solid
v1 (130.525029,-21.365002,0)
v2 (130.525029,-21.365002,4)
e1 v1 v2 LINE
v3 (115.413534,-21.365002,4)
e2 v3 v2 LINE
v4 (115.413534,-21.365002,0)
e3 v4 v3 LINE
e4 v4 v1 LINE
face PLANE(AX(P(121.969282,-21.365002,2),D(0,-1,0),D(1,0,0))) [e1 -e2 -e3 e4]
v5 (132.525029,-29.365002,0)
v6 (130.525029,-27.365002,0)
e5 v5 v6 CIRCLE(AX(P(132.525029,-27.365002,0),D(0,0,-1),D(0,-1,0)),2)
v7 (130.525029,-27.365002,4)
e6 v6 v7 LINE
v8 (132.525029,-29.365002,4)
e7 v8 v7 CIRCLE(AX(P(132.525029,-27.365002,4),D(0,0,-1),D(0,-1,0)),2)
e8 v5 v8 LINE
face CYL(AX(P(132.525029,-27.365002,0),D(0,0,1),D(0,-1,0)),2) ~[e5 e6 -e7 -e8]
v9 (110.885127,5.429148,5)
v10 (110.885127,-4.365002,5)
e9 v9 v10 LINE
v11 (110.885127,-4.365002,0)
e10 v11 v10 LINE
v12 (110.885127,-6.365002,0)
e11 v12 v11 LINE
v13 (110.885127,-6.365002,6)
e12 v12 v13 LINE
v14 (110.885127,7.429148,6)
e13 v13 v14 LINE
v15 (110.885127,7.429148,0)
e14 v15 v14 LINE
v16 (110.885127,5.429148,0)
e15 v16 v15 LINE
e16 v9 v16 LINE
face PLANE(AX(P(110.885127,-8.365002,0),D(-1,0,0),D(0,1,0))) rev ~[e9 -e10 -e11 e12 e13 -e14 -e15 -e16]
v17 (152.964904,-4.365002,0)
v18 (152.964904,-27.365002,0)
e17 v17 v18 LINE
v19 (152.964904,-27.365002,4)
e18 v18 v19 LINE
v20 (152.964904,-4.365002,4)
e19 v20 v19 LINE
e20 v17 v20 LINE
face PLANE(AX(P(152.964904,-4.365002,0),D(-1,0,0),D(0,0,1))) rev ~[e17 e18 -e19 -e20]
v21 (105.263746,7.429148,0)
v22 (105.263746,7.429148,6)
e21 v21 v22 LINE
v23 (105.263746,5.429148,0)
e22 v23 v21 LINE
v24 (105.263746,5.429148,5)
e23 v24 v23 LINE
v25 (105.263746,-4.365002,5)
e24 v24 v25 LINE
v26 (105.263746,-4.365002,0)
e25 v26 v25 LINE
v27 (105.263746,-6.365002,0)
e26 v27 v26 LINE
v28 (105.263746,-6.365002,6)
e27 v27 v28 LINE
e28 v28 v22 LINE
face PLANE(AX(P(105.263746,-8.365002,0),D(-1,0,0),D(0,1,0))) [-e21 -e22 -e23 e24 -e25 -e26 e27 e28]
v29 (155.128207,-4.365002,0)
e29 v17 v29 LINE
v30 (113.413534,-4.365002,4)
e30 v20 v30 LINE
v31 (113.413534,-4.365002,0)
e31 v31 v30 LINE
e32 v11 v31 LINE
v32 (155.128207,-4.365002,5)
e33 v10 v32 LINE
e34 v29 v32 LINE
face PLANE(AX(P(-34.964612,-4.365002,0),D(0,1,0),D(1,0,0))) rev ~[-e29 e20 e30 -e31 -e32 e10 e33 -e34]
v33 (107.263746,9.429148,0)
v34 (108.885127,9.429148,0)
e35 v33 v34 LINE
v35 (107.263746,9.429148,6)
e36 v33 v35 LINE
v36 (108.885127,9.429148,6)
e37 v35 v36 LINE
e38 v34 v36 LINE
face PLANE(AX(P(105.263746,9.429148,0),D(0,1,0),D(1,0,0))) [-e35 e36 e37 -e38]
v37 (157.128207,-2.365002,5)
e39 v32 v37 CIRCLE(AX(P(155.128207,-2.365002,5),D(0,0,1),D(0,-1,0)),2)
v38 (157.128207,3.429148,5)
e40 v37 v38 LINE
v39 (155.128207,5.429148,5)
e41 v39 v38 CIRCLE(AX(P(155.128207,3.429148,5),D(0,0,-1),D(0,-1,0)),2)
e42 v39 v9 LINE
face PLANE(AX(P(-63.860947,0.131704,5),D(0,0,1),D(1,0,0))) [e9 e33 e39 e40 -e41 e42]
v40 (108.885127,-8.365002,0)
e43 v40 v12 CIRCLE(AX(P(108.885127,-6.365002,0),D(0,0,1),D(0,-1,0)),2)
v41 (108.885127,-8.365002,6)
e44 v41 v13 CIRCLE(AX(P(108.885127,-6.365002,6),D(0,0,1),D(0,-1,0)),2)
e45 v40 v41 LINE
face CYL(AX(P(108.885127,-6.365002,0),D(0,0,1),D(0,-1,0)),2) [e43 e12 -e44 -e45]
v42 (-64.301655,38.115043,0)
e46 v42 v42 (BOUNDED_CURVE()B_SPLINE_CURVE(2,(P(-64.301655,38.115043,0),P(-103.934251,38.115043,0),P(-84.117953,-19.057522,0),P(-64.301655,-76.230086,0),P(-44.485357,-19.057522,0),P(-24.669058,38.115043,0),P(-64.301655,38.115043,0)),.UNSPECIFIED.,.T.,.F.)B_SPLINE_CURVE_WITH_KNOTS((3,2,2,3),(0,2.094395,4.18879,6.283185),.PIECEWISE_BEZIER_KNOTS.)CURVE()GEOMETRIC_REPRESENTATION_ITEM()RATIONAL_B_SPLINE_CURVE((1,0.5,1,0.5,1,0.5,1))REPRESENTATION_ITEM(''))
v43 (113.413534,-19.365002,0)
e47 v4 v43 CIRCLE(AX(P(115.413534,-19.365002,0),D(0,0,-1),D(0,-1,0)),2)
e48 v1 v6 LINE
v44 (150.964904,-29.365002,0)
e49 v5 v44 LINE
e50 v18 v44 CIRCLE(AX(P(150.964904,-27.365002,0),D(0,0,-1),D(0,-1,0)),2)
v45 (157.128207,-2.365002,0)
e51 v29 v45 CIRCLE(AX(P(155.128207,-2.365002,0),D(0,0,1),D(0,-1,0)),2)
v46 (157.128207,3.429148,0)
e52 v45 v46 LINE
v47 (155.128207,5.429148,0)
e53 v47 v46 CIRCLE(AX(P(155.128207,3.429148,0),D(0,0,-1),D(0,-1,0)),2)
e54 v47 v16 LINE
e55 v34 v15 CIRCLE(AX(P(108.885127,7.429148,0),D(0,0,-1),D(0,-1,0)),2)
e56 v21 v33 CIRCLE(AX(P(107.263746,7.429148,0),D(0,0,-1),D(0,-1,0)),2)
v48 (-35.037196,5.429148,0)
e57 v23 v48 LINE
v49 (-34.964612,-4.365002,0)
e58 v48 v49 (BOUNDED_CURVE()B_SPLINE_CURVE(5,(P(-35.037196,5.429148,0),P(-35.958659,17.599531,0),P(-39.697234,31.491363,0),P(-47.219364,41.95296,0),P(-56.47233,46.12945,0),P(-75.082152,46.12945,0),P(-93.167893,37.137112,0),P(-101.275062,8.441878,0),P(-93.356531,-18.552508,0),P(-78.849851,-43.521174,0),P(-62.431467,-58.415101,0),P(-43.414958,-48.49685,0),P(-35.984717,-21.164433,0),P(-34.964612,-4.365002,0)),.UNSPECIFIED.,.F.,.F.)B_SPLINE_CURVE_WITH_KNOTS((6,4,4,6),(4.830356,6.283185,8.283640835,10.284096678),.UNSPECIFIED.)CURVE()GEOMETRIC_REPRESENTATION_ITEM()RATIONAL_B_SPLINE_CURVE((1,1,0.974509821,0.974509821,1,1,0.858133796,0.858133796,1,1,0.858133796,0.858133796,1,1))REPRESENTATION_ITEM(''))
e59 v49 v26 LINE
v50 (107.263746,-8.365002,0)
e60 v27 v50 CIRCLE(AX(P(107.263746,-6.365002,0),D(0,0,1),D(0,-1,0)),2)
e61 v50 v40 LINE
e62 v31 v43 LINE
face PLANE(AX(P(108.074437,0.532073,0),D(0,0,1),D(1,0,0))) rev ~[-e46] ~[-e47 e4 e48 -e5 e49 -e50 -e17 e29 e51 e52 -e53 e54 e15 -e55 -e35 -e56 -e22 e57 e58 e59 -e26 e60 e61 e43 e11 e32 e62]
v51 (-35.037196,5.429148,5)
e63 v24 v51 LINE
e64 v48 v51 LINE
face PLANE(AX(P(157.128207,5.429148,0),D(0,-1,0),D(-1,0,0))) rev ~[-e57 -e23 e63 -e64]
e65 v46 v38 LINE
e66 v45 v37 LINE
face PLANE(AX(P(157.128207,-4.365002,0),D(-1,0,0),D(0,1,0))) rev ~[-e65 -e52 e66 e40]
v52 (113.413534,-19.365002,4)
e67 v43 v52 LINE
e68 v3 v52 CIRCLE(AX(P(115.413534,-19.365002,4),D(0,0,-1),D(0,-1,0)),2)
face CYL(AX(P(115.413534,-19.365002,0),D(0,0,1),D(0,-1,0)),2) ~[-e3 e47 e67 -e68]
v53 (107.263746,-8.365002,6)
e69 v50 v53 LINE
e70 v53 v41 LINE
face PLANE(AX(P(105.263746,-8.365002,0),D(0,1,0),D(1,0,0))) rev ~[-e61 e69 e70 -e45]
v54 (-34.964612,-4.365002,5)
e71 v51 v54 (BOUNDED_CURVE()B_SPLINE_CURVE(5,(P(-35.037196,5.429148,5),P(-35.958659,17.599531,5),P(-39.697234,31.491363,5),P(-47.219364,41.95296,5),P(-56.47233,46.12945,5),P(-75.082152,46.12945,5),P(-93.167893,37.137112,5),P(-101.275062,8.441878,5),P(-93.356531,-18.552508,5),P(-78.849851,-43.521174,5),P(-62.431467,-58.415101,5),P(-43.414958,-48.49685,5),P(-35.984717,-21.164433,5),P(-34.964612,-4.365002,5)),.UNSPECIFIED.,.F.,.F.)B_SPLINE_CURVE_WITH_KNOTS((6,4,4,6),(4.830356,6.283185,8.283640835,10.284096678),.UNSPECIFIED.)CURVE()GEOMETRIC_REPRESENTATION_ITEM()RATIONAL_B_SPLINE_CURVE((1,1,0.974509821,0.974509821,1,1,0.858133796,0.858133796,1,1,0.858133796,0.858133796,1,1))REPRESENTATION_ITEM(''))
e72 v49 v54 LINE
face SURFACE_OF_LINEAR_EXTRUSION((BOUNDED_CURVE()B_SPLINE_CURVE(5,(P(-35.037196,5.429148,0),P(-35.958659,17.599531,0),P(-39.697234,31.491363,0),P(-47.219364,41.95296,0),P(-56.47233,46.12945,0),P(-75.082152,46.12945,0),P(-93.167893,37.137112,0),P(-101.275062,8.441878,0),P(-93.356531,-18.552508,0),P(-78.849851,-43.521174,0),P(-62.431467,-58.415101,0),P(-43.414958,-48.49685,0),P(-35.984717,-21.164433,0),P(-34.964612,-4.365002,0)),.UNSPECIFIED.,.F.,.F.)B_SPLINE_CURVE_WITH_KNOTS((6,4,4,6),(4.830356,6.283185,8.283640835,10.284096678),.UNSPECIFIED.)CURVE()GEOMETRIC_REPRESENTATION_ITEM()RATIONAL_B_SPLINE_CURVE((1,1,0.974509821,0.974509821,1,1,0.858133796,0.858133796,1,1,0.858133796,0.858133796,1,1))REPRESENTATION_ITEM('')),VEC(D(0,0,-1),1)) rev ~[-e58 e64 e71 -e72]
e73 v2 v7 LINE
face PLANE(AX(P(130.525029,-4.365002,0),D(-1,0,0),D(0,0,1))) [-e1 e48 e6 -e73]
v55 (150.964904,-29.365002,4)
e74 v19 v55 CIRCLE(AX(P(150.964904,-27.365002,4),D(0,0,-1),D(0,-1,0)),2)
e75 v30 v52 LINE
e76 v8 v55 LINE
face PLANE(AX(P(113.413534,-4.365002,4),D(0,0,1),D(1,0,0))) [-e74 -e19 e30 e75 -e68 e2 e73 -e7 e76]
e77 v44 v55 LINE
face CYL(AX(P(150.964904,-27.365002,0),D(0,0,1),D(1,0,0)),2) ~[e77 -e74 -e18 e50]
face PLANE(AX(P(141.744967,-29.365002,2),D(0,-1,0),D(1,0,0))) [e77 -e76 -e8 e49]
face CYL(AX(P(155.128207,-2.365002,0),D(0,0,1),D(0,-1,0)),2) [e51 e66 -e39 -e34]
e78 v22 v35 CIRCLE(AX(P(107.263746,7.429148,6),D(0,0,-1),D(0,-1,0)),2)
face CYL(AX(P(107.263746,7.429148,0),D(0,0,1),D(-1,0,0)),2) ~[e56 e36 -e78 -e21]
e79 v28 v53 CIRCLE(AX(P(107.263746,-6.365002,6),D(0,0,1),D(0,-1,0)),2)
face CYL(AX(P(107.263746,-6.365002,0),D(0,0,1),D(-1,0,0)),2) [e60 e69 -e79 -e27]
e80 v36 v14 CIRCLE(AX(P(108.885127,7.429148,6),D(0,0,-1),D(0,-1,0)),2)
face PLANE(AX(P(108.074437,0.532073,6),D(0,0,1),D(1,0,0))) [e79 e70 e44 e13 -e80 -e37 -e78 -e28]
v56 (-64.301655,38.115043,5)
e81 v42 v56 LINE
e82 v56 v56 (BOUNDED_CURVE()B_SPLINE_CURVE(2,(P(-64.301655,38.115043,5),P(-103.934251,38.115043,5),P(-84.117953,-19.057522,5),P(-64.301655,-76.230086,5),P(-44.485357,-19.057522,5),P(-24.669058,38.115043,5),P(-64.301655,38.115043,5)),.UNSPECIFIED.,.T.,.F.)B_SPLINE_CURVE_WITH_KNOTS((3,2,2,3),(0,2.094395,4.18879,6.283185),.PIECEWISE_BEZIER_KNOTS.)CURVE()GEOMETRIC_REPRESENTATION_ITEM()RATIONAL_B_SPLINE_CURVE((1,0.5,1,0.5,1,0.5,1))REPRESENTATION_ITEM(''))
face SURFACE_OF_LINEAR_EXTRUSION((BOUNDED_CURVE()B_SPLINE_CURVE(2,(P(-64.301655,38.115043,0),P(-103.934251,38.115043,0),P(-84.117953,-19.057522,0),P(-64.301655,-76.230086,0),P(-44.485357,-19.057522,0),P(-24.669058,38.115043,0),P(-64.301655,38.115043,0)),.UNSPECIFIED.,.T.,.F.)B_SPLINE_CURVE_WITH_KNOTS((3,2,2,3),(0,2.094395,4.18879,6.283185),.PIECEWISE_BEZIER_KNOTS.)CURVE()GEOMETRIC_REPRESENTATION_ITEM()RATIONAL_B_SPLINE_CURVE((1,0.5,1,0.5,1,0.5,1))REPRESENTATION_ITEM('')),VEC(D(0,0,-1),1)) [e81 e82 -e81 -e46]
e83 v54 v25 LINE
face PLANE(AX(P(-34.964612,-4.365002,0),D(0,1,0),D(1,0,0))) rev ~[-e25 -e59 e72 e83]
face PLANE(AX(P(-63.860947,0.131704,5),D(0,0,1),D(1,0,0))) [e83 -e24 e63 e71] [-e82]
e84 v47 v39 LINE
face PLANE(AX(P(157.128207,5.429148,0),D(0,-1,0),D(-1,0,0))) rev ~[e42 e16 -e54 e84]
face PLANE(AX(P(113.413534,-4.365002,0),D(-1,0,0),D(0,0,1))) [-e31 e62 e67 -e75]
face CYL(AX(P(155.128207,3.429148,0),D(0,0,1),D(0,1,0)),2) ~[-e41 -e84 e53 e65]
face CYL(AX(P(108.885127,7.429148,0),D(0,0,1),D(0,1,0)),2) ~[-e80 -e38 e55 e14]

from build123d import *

# Parameters (mm, degrees)
F1_DEPTH = 5
F2_W     = 22.439875
F2_H     = 4
F3_DEPTH = 25
F4_W     = 17.111495
F4_H     = 4
F5_DEPTH = 17
F6_W     = 5.621381
F6_H     = 17.79415
F7_DEPTH = 6
F8_R     = 2


with BuildPart() as f1:
    # F0 (on Top) → F1 (new body)
    with BuildSketch(Plane.XY):
        with BuildLine():
            add(Edge.make_bspline(
                [(-35.037196, 5.429148), (-38.118759, 46.12945), (-64.301655, 46.12945)],
                knots=[4.830356, 4.830356, 4.830356, 6.283185, 6.283185, 6.283185], degree=2, weights=[1, 0.747561, 1]))
            add(Edge.make_bspline(
                [(-64.301655, 46.12945), (-130.936449, 46.12945), (-86.103191, -31.036841), (-41.269934, -108.203133), (-34.964612, -4.365002)],
                knots=[0, 0, 0, 2.308811, 2.308811, 4.617622, 4.617622, 4.617622], degree=2, weights=[1, 0.404462, 1, 0.404462, 1]))
            Line((-34.964612, -4.365002), (-36.749456, -4.365002))
            Line((-36.749456, -4.365002), (-36.749456, 5.429148))
            Line((-36.749456, 5.429148), (-35.037196, 5.429148))
        make_face()
        with BuildLine():
            add(Edge.make_bspline(
                [(-64.301655, 38.115043), (-103.934251, 38.115043), (-84.117953, -19.057522), (-64.301655, -76.230086), (-44.485357, -19.057522), (-24.669058, 38.115043), (-64.301655, 38.115043)],
                knots=[0, 0, 0, 2.094395, 2.094395, 4.18879, 4.18879, 6.283185, 6.283185, 6.283185], degree=2, weights=[1, 0.5, 1, 0.5, 1, 0.5, 1]))
        make_face(mode=Mode.SUBTRACT)
        with BuildLine():
            add(Edge.make_bspline(
                [(-34.964612, -4.365002), (-34.66688, 0.538138), (-35.037196, 5.429148)],
                knots=[4.617622, 4.617622, 4.617622, 4.830356, 4.830356, 4.830356], degree=2, weights=[1, 0.994348, 1]))
            Line((-34.964612, -4.365002), (157.128207, -4.365002))
            Line((157.128207, -4.365002), (157.128207, 5.429148))
            Line((157.128207, 5.429148), (-35.037196, 5.429148))
        make_face()
        with BuildLine():
            Line((-36.749456, -4.365002), (-34.964612, -4.365002))
            add(Edge.make_bspline(
                [(-34.964612, -4.365002), (-34.66688, 0.538138), (-35.037196, 5.429148)],
                knots=[4.617622, 4.617622, 4.617622, 4.830356, 4.830356, 4.830356], degree=2, weights=[1, 0.994348, 1]))
            Line((-35.037196, 5.429148), (-36.749456, 5.429148))
            Line((-36.749456, 5.429148), (-36.749456, -4.365002))
        make_face()
    extrude(amount=F1_DEPTH)

    # F2 (on face) → F3 (join)
    with BuildSketch(Plane.XZ.offset(4.365002)):
        with Locations((141.744967, 2)):
            Rectangle(F2_W, F2_H)
    extrude(amount=F3_DEPTH)

    # F4 (on face) → F5 (join)
    with BuildSketch(Plane.XZ.offset(4.365002)):
        with Locations((121.969282, 2)):
            Rectangle(F4_W, F4_H)
    extrude(amount=F5_DEPTH)

    # F6 (on Top) → F7 (join)
    with BuildSketch(Plane.XY):
        with Locations((108.074437, 0.532073)):
            Rectangle(F6_W, F6_H)
    extrude(amount=F7_DEPTH)

    # F8
    f8_edges = [f1.edges().sort_by_distance(p)[0] for p in [
        (157.128207, -4.365002, 2.5),
        (157.128207, 5.429148, 2.5),
        (110.885128, 9.429148, 3),
        (105.263747, 9.429148, 3),
        (105.263747, -8.365002, 3),
        (110.885128, -8.365002, 3),
        (113.413535, -21.365002, 2),
        (130.52503, -29.365002, 2),
        (152.964905, -29.365002, 2),
    ]]
    fillet(f8_edges, radius=F8_R)


solid = f1.part
